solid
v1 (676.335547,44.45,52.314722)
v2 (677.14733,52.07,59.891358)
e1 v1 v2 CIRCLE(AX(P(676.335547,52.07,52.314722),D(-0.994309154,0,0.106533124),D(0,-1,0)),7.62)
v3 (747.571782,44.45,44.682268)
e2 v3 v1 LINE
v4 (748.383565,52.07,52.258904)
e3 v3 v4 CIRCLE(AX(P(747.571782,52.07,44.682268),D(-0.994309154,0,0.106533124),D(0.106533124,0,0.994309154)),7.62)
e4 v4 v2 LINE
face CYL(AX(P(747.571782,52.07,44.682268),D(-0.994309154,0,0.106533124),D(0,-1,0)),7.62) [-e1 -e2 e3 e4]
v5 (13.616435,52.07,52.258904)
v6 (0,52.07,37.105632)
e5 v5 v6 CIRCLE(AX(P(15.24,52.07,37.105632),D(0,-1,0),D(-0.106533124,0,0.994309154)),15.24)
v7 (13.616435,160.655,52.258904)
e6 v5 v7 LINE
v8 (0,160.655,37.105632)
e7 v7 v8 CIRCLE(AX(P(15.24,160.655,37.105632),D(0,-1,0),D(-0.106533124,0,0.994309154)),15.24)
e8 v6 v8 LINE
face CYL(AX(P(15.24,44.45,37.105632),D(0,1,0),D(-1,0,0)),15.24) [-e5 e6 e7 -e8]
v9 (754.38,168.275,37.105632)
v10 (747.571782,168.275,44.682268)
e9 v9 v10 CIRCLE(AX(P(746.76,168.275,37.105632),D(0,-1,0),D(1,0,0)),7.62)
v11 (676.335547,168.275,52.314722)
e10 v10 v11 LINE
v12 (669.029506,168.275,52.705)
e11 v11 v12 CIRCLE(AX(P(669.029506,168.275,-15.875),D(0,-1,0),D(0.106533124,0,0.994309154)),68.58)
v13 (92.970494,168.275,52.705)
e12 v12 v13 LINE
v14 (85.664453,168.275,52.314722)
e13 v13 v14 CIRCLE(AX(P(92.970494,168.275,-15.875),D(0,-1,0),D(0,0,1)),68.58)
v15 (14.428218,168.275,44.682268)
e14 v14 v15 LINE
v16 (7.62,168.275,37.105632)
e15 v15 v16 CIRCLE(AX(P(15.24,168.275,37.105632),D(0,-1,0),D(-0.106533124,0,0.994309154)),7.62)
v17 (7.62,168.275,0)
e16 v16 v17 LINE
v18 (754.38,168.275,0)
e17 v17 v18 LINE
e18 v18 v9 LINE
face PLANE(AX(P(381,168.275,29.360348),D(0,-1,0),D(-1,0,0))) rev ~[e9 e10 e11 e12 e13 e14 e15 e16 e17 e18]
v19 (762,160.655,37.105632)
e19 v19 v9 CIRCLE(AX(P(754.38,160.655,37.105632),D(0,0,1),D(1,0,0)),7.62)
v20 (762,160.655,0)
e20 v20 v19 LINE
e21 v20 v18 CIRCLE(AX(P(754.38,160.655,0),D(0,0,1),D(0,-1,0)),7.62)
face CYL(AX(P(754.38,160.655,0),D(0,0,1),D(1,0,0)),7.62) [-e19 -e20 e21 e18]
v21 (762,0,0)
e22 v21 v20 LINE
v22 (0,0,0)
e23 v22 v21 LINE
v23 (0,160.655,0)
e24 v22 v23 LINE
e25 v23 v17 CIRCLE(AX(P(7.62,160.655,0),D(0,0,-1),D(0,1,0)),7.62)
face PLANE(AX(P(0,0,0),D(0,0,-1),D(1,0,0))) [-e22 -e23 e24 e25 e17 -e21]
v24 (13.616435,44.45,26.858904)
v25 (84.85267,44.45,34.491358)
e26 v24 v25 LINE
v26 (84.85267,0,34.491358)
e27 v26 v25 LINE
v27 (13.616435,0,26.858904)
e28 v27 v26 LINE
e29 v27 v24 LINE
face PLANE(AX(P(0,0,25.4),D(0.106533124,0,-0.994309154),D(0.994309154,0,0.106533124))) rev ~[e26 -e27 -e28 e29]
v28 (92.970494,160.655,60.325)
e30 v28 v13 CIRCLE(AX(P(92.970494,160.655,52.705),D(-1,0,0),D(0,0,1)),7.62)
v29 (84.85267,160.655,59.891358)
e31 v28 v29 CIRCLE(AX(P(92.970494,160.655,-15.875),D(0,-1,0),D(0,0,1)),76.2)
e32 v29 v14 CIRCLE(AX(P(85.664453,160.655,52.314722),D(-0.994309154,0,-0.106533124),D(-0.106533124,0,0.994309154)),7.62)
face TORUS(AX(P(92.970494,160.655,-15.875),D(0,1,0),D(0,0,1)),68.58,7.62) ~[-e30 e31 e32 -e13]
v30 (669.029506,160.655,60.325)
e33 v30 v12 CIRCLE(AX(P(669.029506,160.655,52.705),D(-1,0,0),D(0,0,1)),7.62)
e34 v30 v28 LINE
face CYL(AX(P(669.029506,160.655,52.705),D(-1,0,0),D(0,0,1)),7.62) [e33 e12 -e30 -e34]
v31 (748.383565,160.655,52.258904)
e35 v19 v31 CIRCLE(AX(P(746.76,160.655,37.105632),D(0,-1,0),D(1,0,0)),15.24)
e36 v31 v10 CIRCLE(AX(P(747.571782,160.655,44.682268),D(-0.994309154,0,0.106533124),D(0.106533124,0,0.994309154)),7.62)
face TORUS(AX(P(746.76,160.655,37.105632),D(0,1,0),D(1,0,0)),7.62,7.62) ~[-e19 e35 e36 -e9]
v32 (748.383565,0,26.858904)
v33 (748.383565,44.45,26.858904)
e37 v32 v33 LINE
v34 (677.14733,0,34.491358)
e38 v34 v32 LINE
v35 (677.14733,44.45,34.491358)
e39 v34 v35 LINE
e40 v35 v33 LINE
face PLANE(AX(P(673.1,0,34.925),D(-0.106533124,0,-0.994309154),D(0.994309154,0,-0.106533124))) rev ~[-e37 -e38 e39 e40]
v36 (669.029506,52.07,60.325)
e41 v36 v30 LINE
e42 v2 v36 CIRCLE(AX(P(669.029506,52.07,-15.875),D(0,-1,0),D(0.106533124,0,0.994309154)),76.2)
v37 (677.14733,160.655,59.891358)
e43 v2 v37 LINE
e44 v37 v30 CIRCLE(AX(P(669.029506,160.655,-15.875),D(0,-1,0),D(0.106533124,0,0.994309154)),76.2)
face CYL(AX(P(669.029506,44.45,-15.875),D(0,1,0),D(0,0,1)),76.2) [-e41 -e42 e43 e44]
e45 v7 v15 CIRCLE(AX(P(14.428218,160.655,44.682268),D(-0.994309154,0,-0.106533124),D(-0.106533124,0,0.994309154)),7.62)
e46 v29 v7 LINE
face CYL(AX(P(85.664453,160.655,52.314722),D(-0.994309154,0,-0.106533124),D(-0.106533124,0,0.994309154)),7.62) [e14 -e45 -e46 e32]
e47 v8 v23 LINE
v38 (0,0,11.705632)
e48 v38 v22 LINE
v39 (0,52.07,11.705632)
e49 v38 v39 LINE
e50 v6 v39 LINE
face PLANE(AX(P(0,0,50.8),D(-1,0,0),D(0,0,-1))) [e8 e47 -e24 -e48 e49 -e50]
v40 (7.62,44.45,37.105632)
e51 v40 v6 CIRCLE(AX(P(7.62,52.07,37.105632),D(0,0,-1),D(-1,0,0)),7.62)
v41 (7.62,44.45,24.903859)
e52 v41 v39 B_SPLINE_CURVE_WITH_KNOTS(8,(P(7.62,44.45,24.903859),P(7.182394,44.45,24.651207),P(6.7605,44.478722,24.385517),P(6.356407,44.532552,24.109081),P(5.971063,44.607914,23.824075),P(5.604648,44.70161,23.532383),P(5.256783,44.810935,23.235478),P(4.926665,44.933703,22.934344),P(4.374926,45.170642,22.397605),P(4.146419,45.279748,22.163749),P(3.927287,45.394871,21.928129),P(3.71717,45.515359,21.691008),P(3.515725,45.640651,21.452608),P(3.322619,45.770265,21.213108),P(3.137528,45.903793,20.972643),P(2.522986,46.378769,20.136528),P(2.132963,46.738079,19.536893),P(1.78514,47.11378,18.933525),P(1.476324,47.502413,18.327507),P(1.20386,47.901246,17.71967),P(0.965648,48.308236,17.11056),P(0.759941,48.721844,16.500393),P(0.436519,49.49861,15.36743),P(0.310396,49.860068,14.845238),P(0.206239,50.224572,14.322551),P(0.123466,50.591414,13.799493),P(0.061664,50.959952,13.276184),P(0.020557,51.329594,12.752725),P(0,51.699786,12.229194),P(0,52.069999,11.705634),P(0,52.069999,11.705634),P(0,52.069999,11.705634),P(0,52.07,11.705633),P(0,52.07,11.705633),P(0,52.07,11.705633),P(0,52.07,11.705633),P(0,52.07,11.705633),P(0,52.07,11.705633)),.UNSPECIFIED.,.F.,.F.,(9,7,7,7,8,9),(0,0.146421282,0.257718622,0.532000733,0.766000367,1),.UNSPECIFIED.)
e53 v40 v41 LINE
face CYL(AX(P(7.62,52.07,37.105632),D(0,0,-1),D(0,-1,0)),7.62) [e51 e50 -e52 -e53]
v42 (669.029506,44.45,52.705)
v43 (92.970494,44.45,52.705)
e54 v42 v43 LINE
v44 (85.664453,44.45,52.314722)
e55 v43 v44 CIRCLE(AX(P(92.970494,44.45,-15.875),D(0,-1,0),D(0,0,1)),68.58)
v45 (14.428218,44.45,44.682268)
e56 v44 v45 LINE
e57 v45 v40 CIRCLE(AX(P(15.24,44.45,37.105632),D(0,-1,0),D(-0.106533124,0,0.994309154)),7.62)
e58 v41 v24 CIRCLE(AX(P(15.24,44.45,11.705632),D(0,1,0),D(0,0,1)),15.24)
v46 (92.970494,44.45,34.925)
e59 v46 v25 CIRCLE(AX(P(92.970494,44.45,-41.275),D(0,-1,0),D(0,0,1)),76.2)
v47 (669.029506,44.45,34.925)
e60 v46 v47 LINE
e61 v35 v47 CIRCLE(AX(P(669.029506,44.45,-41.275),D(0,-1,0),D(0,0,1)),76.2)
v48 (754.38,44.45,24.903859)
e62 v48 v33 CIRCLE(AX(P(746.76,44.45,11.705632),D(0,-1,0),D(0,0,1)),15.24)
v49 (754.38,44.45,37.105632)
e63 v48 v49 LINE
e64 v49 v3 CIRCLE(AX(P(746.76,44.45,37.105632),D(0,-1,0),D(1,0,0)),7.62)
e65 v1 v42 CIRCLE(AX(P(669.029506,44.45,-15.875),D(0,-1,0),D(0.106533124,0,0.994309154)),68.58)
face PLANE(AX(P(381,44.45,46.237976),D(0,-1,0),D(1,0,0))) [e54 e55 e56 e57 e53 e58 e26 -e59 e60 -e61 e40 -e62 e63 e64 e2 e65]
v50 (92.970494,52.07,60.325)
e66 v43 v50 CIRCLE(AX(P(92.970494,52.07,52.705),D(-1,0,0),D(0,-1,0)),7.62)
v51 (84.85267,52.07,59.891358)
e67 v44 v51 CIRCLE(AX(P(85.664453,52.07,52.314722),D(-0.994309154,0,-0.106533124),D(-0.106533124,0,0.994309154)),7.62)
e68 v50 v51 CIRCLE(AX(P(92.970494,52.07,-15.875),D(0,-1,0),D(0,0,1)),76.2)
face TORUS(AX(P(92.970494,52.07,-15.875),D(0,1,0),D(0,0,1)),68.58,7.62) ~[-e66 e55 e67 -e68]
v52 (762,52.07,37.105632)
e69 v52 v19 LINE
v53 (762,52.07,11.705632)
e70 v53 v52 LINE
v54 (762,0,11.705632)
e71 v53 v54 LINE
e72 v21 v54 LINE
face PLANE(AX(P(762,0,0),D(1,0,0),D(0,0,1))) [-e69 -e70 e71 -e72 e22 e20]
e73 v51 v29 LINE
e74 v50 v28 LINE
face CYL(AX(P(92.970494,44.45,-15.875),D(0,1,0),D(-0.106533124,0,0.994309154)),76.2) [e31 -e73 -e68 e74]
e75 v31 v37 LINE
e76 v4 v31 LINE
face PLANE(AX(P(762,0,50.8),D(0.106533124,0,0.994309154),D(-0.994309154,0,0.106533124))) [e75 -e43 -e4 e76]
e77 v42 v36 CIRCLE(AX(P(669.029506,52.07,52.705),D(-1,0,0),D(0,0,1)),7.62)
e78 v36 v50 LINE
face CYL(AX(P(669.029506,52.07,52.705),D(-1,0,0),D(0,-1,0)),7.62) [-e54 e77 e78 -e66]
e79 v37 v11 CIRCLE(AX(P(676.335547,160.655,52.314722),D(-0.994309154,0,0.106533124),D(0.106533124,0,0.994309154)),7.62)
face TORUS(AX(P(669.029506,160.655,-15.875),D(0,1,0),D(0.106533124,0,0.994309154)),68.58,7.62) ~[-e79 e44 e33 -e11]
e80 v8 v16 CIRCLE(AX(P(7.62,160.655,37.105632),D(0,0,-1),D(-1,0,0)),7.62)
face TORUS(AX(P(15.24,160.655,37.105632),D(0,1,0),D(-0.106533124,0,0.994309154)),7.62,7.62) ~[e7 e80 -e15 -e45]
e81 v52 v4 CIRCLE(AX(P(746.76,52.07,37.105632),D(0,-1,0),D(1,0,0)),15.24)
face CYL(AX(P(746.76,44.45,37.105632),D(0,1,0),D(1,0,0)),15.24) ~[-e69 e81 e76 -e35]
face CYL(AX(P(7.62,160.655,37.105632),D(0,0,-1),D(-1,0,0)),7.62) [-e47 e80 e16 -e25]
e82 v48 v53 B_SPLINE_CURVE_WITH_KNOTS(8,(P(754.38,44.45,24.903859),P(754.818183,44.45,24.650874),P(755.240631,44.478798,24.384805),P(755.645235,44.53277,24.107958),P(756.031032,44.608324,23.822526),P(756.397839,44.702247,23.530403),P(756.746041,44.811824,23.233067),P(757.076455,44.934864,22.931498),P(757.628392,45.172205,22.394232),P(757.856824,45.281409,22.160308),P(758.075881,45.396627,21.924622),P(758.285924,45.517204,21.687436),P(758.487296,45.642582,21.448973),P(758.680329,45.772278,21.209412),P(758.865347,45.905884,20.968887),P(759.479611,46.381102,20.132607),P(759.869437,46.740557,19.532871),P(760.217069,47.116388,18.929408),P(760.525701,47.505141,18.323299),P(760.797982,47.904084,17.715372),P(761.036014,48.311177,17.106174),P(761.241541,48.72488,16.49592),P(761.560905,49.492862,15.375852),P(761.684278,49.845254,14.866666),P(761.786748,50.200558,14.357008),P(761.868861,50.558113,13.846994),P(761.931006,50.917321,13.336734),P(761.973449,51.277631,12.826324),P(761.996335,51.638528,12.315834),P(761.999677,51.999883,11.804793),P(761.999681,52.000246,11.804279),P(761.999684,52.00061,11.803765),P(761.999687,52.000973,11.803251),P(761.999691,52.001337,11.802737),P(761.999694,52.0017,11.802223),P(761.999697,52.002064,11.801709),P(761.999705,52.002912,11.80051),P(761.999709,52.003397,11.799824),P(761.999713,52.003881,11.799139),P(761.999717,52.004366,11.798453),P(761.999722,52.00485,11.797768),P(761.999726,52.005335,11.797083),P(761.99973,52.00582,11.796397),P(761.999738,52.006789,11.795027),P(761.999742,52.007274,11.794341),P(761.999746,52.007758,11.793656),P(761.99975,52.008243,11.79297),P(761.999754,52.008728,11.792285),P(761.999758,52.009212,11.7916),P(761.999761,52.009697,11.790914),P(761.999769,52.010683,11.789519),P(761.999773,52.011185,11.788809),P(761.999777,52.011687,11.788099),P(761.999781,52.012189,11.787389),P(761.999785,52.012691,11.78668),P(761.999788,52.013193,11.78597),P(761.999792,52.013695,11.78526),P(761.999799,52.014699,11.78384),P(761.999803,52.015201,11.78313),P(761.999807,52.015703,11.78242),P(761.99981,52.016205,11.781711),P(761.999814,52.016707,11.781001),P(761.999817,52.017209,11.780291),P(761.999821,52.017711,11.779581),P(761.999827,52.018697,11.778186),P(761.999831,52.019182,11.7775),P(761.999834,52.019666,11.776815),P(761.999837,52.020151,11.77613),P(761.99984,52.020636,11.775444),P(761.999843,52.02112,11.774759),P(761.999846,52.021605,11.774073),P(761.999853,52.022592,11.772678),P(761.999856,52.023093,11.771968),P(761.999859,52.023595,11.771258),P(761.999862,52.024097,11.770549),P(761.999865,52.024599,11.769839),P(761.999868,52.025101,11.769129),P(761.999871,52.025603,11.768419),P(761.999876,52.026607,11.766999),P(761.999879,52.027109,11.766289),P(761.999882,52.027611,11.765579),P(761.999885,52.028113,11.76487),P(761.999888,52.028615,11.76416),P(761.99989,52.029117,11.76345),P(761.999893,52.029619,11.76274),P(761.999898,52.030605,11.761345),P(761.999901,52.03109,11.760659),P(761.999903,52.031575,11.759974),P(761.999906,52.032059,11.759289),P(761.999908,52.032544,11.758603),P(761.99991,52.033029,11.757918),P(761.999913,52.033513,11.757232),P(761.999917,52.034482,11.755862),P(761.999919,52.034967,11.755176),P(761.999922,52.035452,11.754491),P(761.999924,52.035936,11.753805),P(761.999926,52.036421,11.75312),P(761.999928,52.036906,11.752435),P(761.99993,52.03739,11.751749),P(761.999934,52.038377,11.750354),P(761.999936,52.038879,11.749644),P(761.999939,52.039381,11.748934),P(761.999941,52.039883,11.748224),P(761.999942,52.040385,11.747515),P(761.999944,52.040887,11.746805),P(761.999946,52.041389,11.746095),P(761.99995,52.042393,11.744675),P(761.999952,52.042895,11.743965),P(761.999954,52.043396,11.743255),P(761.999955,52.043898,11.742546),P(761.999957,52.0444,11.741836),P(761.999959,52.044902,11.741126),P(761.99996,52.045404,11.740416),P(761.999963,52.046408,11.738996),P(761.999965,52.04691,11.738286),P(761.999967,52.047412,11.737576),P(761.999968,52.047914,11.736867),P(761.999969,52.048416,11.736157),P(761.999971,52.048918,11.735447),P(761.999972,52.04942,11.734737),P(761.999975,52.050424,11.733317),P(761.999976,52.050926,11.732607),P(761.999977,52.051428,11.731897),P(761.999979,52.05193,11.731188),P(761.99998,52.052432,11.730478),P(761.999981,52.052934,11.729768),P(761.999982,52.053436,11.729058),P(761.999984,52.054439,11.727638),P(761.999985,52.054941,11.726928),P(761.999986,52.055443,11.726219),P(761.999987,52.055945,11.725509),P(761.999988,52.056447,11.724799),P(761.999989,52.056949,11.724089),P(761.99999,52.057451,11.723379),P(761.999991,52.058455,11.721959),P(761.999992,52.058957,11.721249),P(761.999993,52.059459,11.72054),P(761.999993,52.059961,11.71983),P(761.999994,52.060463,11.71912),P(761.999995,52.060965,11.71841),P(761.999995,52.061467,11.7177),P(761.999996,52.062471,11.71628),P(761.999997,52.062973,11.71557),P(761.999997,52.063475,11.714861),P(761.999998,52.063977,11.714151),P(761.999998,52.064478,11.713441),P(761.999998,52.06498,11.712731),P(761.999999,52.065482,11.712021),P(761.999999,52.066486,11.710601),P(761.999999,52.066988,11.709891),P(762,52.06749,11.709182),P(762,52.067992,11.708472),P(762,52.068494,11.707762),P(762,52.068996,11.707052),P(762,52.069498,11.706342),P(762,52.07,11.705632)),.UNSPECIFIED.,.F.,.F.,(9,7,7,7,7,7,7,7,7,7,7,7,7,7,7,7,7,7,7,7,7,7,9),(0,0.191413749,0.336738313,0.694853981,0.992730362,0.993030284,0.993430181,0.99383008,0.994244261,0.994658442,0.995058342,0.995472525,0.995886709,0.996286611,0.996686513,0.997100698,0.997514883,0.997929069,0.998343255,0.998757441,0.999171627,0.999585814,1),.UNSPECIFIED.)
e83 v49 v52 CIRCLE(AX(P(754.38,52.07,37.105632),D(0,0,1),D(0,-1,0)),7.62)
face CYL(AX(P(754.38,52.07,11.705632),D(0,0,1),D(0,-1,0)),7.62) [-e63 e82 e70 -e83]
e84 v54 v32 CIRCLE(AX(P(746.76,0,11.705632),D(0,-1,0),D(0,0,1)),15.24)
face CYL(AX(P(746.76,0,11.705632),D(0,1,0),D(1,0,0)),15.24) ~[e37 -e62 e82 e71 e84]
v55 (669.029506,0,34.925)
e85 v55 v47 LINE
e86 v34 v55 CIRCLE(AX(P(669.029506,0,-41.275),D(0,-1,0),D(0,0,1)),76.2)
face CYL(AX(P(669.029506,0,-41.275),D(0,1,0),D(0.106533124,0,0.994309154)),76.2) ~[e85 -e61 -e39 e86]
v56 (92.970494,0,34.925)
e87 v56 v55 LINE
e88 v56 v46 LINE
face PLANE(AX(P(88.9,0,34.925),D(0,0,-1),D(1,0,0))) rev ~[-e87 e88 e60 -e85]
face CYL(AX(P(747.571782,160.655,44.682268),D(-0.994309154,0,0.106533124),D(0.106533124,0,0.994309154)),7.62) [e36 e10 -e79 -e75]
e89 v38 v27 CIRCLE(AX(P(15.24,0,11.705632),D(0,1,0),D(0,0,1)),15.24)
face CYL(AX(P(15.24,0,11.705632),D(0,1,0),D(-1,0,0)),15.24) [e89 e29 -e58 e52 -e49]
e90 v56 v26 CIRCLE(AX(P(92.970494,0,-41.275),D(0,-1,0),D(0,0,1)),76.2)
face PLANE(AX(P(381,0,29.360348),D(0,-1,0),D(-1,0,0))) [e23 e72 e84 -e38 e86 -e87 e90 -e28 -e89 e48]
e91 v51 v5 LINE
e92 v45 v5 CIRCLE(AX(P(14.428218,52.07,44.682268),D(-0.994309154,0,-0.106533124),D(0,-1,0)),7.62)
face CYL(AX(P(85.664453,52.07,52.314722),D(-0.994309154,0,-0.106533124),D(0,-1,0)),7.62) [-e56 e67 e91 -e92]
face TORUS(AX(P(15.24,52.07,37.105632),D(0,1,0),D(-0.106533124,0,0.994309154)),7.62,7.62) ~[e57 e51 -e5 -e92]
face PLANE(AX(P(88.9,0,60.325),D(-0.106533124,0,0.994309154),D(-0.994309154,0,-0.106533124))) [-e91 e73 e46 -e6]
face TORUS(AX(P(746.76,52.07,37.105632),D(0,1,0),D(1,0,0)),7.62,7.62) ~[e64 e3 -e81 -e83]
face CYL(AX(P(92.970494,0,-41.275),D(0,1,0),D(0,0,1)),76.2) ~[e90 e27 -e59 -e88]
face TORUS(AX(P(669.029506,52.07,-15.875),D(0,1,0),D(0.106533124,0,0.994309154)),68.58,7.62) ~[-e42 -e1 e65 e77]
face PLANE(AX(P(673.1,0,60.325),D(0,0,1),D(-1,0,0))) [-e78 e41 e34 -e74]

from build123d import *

# Parameters (mm, degrees)
BOSS_EXTRUDE1_DEPTH = 168.275
CUT_EXTRUDE1_DEPTH  = 44.45
FILLET1_R           = 15.24
FILLET2_R           = 76.2
FILLET3_R           = 7.62
FILLET4_R           = 7.62


with BuildPart() as part:
    # Sketch7 → Boss-Extrude1 (new body)
    with BuildSketch(Plane(origin=(0, 0, 0), x_dir=(1, 0, 0), z_dir=(0, 1, 0))):
        Polygon((0, 0), (762, 0), (762, -50.8), (673.1, -60.325), (88.9, -60.325), (0, -50.8), align=None)
    extrude(amount=BOSS_EXTRUDE1_DEPTH)

    # Sketch10 → Cut-Extrude1 (cut)
    with BuildSketch(Plane.XZ):
        Polygon((0, 50.8), (0, 25.4), (88.9, 34.925), (673.1, 34.925), (762, 25.4), (762, 50.8), (673.1, 60.325), (88.9, 60.325), align=None)
    extrude(amount=-CUT_EXTRUDE1_DEPTH, mode=Mode.SUBTRACT)

    # Fillet1
    fillet1_edges = [part.edges().sort_by_distance(p)[0] for p in [
        (762, 106.3625, 50.8),
        (0, 106.3625, 50.8),
        (762, 22.225, 25.4),
        (0, 22.225, 25.4),
    ]]
    fillet(fillet1_edges, radius=FILLET1_R)

    # Fillet2
    fillet2_edges = [part.edges().sort_by_distance(p)[0] for p in [
        (673.1, 106.3625, 60.325),
        (88.9, 106.3625, 60.325),
        (673.1, 22.225, 34.925),
        (88.9, 22.225, 34.925),
    ]]
    fillet(fillet2_edges, radius=FILLET2_R)

    # Fillet3
    fillet3_edges = [part.edges().sort_by_distance(p)[0] for p in [
        (762, 168.275, 18.552816133),
        (0, 168.275, 18.552816133),
        (49.234552732, 168.275, 56.07513065),
        (3.904199904, 168.275, 47.291761863),
        (758.095800096, 168.275, 47.291761863),
        (712.765447268, 168.275, 56.07513065),
        (381, 168.275, 60.325),
        (88.905795265, 168.275, 60.216512154),
        (673.094204735, 168.275, 60.216512154),
    ]]
    fillet(fillet3_edges, radius=FILLET3_R)

    # Fillet4
    fillet4_edges = [part.edges().sort_by_distance(p)[0] for p in [
        (762, 44.45, 18.552816133),
        (0, 44.45, 18.552816133),
        (712.765447268, 44.45, 56.07513065),
        (3.904199904, 44.45, 47.291761863),
        (758.095800096, 44.45, 47.291761863),
        (381, 44.45, 60.325),
        (49.234552732, 44.45, 56.07513065),
        (88.905795265, 44.45, 60.216512154),
        (673.094204735, 44.45, 60.216512154),
    ]]
    fillet(fillet4_edges, radius=FILLET4_R)


solid = part.part
